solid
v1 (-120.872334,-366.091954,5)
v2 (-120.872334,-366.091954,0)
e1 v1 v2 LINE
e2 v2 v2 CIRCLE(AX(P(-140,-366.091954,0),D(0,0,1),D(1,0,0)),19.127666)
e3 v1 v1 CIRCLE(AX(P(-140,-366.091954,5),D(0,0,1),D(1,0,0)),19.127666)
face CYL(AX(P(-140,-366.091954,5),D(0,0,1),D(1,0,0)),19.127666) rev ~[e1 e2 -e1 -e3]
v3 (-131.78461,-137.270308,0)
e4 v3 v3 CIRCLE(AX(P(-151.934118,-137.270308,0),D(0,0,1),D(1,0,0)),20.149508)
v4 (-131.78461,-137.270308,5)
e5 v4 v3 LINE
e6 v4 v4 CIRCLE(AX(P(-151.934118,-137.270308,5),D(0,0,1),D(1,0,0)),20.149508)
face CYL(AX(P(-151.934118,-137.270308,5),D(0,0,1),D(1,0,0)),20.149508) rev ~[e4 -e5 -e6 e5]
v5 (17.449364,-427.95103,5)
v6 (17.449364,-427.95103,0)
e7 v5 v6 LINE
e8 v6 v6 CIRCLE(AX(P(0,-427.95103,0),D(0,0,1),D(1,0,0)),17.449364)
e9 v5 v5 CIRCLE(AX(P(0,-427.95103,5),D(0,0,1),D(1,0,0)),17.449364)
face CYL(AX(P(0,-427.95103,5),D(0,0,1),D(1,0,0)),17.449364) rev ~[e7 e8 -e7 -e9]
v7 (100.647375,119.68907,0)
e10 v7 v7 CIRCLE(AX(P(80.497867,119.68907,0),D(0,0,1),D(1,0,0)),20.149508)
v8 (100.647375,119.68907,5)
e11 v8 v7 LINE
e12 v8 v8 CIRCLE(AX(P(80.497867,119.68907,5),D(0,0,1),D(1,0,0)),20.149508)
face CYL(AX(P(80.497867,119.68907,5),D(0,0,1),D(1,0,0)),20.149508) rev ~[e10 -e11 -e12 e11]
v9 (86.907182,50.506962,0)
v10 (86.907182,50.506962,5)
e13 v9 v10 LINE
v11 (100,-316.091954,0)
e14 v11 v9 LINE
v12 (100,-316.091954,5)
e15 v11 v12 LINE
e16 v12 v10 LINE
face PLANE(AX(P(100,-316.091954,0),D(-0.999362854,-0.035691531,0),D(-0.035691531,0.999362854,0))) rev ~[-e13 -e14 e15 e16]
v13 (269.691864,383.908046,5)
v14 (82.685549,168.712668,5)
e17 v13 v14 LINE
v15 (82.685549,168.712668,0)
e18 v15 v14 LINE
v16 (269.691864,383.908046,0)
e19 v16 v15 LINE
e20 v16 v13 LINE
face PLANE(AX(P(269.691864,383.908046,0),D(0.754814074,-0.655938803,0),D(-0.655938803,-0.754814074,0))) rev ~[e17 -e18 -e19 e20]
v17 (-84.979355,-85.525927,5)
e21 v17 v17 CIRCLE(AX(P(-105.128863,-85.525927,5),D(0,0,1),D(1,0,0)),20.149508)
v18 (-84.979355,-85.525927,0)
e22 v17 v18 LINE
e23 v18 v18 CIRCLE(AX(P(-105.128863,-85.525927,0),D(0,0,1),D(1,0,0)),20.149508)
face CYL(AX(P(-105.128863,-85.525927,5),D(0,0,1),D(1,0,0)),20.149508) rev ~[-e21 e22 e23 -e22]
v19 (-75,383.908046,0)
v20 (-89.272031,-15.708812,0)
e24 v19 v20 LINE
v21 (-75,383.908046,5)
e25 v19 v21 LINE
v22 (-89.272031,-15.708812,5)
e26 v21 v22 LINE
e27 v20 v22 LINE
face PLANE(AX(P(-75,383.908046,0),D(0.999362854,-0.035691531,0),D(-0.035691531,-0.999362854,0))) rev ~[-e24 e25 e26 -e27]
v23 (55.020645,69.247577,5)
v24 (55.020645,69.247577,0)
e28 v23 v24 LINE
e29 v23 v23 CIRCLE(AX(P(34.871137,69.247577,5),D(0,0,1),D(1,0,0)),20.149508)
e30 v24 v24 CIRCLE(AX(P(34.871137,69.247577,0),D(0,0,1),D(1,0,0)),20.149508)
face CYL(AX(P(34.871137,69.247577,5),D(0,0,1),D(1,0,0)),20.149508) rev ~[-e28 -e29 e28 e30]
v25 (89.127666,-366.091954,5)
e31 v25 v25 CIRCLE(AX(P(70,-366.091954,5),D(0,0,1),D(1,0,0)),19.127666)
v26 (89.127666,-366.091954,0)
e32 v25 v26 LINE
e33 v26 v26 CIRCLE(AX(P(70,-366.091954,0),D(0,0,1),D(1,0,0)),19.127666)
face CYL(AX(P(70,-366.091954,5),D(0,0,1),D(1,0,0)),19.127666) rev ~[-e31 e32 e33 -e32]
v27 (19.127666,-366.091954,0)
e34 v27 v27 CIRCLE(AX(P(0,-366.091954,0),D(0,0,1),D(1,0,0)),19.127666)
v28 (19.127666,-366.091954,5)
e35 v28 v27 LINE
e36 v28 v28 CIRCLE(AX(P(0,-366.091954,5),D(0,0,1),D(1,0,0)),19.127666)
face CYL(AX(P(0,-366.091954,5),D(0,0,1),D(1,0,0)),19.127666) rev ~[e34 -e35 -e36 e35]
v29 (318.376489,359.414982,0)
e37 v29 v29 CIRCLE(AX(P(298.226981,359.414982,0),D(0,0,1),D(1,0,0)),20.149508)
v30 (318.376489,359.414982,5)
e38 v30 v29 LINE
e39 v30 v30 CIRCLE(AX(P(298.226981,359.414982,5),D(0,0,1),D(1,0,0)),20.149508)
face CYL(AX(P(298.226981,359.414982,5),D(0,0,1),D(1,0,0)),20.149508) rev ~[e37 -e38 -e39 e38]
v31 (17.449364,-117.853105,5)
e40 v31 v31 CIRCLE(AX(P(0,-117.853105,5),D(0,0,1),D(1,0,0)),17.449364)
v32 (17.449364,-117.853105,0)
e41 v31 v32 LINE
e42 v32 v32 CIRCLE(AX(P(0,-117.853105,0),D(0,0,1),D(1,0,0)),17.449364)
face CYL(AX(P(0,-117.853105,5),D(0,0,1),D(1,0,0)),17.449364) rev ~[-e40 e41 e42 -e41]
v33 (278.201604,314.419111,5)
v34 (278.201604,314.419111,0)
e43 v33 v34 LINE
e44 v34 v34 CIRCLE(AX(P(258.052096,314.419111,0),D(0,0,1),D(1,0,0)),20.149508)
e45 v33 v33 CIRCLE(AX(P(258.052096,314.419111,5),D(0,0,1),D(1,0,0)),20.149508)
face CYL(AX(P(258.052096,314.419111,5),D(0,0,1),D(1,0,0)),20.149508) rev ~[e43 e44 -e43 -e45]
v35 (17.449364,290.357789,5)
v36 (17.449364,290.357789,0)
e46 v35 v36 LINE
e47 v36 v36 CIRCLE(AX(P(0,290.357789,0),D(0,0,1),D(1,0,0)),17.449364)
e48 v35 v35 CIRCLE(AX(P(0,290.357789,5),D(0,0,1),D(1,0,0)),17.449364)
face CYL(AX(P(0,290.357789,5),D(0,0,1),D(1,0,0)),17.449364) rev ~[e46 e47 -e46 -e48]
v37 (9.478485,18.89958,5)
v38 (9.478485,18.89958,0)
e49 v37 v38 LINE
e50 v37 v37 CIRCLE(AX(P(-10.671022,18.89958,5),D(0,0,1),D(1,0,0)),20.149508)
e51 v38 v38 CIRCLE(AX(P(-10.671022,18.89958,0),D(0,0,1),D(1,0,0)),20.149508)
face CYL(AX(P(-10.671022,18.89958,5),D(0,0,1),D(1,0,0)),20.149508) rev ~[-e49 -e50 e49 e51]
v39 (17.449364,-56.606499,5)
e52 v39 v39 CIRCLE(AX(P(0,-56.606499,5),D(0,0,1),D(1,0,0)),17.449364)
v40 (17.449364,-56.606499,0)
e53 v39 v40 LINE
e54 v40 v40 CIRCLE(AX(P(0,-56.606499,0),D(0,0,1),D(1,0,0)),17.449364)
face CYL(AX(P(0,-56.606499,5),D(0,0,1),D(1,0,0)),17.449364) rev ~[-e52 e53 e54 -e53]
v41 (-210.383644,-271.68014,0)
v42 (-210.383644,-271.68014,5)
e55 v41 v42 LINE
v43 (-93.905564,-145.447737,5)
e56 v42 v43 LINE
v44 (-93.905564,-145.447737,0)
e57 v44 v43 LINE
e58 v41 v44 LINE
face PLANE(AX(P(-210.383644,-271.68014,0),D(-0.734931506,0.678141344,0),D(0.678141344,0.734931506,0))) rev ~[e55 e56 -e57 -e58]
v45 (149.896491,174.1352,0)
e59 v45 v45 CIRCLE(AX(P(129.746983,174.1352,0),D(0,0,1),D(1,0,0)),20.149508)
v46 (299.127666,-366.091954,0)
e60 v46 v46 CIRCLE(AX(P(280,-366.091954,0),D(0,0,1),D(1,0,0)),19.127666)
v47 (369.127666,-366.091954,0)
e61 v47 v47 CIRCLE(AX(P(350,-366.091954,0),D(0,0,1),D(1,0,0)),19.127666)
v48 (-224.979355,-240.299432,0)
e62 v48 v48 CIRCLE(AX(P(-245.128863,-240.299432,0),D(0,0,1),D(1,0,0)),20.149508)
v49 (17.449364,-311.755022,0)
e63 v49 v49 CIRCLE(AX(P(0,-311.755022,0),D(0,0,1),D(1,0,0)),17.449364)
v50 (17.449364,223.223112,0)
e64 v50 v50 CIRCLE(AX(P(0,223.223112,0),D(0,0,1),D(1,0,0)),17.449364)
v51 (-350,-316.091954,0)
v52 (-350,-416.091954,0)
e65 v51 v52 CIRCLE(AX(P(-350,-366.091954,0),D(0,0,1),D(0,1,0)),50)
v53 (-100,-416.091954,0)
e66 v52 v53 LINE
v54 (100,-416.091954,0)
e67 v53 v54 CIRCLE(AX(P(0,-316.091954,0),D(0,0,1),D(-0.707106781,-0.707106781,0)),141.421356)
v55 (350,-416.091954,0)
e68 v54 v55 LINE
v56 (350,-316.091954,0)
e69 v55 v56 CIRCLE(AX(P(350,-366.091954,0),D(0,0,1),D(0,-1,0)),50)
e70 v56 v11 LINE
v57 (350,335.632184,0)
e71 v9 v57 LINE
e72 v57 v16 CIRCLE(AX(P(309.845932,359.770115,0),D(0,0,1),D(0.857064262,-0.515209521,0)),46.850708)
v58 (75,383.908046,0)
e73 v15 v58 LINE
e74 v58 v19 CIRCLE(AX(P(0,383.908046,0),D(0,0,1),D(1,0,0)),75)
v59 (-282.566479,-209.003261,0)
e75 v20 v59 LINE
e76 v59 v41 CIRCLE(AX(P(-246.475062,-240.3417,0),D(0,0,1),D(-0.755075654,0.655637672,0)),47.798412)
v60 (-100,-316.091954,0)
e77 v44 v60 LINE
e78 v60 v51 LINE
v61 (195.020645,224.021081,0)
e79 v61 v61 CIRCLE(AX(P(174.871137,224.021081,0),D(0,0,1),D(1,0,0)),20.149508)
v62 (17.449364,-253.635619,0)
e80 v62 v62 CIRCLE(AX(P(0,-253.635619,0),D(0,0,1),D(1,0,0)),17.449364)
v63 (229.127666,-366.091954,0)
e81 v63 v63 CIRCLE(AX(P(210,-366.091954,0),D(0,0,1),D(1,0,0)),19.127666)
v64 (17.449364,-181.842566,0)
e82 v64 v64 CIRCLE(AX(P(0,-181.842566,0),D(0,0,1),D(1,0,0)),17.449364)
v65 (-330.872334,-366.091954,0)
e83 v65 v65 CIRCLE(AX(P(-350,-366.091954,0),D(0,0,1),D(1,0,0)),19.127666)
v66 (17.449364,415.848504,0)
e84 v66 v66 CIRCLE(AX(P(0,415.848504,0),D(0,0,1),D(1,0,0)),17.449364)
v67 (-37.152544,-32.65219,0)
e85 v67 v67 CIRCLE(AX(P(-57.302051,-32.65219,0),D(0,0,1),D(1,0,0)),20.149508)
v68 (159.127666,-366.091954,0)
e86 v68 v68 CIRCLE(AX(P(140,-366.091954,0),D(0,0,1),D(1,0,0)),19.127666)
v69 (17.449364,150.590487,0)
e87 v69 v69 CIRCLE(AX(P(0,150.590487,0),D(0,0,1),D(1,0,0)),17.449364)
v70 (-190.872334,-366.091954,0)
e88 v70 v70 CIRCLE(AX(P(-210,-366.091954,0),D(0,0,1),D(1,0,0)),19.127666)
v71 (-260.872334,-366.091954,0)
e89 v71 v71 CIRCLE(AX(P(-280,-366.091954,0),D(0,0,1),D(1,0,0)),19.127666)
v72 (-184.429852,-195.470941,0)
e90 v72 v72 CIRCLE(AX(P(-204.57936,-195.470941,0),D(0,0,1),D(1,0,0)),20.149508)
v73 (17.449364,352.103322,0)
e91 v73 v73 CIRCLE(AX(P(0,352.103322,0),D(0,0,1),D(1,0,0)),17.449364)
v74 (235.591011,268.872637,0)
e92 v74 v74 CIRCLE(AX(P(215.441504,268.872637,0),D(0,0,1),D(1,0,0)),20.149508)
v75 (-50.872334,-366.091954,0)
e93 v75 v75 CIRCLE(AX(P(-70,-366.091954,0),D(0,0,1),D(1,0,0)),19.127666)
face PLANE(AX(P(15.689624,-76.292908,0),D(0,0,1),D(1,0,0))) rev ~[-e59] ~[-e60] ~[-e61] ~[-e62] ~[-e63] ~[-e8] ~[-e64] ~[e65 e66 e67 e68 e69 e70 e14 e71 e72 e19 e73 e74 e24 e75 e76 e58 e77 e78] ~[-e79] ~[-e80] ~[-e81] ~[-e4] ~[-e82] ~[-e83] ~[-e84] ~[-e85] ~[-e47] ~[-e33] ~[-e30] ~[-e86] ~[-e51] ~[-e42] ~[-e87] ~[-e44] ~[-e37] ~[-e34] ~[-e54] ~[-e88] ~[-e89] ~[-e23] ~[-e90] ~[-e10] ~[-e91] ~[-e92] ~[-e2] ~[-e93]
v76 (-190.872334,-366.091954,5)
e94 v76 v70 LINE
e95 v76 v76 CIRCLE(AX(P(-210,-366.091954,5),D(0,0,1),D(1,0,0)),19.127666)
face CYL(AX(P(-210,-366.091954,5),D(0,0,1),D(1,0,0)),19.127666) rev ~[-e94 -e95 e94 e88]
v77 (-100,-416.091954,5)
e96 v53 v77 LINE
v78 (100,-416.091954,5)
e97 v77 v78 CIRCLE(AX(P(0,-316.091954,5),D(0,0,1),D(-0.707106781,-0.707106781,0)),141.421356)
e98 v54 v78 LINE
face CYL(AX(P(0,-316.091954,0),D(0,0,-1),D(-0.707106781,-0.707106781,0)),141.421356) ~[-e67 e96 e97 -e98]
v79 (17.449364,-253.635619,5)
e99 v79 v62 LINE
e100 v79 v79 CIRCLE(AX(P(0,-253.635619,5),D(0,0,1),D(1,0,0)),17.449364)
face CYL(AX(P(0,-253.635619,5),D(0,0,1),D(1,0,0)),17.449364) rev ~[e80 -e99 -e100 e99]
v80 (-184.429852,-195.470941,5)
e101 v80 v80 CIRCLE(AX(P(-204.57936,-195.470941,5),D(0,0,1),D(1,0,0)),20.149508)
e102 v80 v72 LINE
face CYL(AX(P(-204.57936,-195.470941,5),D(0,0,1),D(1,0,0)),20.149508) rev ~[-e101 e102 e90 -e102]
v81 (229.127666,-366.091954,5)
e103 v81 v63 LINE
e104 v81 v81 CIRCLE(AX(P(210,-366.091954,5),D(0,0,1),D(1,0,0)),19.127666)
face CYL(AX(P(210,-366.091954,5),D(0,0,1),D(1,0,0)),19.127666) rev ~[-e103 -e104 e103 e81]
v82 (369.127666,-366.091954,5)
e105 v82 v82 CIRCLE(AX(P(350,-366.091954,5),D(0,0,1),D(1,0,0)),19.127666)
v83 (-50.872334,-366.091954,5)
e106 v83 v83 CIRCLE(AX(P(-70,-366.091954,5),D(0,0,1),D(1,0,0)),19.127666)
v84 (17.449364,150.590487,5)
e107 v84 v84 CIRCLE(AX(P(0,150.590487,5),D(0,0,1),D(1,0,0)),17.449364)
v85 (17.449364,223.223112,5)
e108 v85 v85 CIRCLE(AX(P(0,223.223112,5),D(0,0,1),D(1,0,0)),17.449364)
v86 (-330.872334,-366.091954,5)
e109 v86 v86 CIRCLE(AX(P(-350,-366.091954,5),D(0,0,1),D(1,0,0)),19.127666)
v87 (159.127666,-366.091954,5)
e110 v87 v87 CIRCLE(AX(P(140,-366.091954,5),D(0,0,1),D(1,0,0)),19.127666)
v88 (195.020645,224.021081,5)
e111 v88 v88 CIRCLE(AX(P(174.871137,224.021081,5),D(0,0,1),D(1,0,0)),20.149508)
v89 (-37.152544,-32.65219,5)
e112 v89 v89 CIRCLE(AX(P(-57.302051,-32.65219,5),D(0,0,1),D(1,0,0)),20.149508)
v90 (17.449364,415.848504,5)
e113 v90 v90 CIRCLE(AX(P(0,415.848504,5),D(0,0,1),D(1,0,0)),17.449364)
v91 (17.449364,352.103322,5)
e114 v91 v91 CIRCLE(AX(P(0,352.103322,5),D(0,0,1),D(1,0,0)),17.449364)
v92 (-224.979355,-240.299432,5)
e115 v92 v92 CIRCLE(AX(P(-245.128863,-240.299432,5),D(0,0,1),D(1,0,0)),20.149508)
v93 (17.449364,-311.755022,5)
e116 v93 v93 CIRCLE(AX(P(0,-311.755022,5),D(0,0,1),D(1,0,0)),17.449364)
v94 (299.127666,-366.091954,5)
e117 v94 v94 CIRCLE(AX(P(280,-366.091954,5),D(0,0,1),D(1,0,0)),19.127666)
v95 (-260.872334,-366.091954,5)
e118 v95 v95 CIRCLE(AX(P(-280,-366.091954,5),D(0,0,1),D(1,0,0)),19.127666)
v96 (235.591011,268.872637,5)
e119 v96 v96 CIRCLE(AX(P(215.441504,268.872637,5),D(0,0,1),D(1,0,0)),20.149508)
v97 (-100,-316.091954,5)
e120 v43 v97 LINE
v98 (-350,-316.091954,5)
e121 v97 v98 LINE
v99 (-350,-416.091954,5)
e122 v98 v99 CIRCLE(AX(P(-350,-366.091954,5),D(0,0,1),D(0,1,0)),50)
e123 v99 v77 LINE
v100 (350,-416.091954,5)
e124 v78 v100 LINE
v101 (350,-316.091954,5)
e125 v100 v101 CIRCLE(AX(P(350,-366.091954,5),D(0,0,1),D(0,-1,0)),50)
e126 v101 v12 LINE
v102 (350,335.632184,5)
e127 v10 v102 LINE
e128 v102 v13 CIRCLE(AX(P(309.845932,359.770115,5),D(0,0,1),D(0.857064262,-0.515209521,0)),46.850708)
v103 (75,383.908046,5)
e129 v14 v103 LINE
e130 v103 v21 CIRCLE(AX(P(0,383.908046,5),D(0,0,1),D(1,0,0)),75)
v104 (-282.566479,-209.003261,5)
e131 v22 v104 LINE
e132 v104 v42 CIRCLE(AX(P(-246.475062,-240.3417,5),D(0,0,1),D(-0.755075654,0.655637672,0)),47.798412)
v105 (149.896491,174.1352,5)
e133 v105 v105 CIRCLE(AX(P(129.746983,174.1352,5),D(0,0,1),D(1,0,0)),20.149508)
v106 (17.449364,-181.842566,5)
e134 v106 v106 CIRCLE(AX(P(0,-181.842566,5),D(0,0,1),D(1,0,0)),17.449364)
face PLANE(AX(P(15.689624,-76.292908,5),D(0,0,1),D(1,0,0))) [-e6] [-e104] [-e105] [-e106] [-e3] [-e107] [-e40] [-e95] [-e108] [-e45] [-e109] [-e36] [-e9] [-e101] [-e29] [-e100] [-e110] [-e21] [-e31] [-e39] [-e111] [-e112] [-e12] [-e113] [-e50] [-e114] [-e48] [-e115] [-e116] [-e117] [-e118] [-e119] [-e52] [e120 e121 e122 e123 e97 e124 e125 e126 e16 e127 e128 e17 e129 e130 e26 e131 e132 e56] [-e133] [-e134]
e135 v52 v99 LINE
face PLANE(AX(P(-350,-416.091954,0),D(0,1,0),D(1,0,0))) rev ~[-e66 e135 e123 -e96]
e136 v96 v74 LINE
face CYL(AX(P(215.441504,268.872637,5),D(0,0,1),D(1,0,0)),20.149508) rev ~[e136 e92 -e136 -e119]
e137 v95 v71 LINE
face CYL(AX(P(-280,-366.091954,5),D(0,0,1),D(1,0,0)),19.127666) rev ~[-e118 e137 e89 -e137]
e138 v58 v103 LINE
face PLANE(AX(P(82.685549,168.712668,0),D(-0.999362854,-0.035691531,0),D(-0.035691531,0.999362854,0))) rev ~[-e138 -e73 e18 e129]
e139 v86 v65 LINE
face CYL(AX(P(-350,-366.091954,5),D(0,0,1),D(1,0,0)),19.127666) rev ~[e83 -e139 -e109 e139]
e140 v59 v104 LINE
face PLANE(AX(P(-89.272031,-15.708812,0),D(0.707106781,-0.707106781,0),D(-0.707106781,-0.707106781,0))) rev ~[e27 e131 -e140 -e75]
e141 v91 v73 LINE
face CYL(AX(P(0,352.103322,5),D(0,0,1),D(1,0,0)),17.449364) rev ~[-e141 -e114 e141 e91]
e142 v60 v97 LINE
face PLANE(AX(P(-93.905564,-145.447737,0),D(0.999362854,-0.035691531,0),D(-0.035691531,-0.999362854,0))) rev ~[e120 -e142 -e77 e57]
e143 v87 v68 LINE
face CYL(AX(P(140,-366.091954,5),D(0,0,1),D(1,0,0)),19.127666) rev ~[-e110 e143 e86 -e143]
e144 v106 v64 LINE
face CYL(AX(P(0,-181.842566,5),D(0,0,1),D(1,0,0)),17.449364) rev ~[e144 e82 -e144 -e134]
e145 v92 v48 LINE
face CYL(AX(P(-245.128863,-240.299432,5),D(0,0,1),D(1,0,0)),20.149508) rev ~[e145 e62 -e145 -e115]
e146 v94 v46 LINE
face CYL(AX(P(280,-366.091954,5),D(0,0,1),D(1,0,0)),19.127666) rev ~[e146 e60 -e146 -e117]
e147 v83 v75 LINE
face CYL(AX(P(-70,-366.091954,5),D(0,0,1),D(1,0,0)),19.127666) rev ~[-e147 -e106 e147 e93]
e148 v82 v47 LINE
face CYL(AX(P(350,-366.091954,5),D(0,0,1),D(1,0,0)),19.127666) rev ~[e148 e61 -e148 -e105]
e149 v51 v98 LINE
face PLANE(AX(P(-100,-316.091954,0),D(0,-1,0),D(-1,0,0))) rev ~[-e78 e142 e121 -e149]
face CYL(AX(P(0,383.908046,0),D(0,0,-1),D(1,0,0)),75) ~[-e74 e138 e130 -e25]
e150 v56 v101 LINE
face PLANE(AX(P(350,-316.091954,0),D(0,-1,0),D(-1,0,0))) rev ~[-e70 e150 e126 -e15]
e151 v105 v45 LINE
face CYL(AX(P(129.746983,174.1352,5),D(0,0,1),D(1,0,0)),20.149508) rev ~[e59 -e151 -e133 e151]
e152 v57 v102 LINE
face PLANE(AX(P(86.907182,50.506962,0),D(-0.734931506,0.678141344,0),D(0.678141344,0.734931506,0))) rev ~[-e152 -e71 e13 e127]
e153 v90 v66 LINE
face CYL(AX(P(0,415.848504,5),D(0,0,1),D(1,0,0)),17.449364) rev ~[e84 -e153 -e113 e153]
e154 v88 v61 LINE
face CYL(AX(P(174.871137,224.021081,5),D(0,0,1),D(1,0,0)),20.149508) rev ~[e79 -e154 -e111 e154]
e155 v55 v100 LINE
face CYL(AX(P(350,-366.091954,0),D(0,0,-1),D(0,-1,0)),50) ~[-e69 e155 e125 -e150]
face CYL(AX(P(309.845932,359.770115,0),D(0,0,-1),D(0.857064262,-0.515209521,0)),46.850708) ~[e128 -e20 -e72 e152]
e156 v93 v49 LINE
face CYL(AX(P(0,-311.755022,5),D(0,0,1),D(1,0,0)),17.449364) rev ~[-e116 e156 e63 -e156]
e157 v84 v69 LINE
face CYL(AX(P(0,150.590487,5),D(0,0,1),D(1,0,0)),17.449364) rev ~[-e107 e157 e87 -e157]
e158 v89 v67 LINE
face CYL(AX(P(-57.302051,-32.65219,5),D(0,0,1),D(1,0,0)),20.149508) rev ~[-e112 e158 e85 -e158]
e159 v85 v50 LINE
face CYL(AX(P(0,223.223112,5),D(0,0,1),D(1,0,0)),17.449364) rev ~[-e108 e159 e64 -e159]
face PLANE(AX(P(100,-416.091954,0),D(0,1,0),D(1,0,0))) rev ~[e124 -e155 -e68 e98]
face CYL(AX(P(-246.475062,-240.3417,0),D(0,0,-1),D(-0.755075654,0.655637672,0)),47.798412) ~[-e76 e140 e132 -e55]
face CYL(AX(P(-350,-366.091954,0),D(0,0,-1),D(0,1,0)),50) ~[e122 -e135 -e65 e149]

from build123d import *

# Parameters (mm, degrees)
BOSS_EXTRUDE2_DEPTH = 5
SKETCH2_R           = 19.127666072
SKETCH2_R_2         = 17.449363928
SKETCH2_R_3         = 20.149507696
CUT_EXTRUDE1_DEPTH  = 60


with BuildPart() as part:
    # Sketch1 → Boss-Extrude2 (new body)
    with BuildSketch(Plane.XY):
        with BuildLine():
            Line((-75, 383.908045977), (-89.272030651, -15.708812261))
            Line((-89.272030651, -15.708812261), (-282.566478984, -209.003260593))
            ThreePointArc((-282.566478984, -209.003260593), (-277.81350135, -276.433117622), (-210.383644321, -271.680139987))
            Line((-210.383644321, -271.680139987), (-93.90556369, -145.447737332))
            Line((-93.90556369, -145.447737332), (-100, -316.091954023))
            Line((-100, -316.091954023), (-350, -316.091954023))
            ThreePointArc((-350, -316.091954023), (-400, -366.091954023), (-350, -416.091954023))
            Line((-350, -416.091954023), (-100, -416.091954023))
            ThreePointArc((-100, -416.091954023), (0, -457.51331026), (100, -416.091954023))
            Line((100, -416.091954023), (350, -416.091954023))
            ThreePointArc((350, -416.091954023), (400, -366.091954023), (350, -316.091954023))
            Line((350, -316.091954023), (100, -316.091954023))
            Line((100, -316.091954023), (86.907181572, 50.506961966))
            Line((86.907181572, 50.506961966), (350, 335.632183908))
            ThreePointArc((350, 335.632183908), (333.983863171, 399.924182806), (269.691864273, 383.908045977))
            Line((269.691864273, 383.908045977), (82.685549205, 168.712668231))
            Line((82.685549205, 168.712668231), (75, 383.908045977))
            ThreePointArc((75, 383.908045977), (0, 458.908045977), (-75, 383.908045977))
        make_face()
    extrude(amount=BOSS_EXTRUDE2_DEPTH)

    # Sketch2 → Cut-Extrude1 (cut)
    with BuildSketch(Plane.XY.offset(5)):
        with Locations((-280, -366.091954023)):
            Circle(SKETCH2_R)
        with Locations((-210, -366.091954023)):
            Circle(SKETCH2_R)
        with Locations((-350, -366.091954023)):
            Circle(SKETCH2_R)
        with Locations((-140, -366.091954023)):
            Circle(SKETCH2_R)
        with Locations((-70, -366.091954023)):
            Circle(SKETCH2_R)
        with Locations((0, -366.091954023)):
            Circle(SKETCH2_R)
        with Locations((70, -366.091954023)):
            Circle(SKETCH2_R)
        with Locations((140, -366.091954023)):
            Circle(SKETCH2_R)
        with Locations((210, -366.091954023)):
            Circle(SKETCH2_R)
        with Locations((280, -366.091954023)):
            Circle(SKETCH2_R)
        with Locations((350, -366.091954023)):
            Circle(SKETCH2_R)
        with Locations((0, 415.848503824)):
            Circle(SKETCH2_R_2)
        with Locations((0, 352.103321769)):
            Circle(SKETCH2_R_2)
        with Locations((0, 290.357789176)):
            Circle(SKETCH2_R_2)
        with Locations((0, 223.223112333)):
            Circle(SKETCH2_R_2)
        with Locations((0, 150.590486971)):
            Circle(SKETCH2_R_2)
        with Locations((0, -56.606498774)):
            Circle(SKETCH2_R_2)
        with Locations((0, -117.853104706)):
            Circle(SKETCH2_R_2)
        with Locations((0, -181.842565513)):
            Circle(SKETCH2_R_2)
        with Locations((0, -253.635619101)):
            Circle(SKETCH2_R_2)
        with Locations((0, -311.755022078)):
            Circle(SKETCH2_R_2)
        with Locations((0, -427.95103023)):
            Circle(SKETCH2_R_2)
        with Locations((-245.128862806, -240.299431579)):
            Circle(SKETCH2_R_3)
        with Locations((-204.579359837, -195.470941049)):
            Circle(SKETCH2_R_3)
        with Locations((-151.934117667, -137.270308063)):
            Circle(SKETCH2_R_3)
        with Locations((-105.128862806, -85.525927228)):
            Circle(SKETCH2_R_3)
        with Locations((-57.302051438, -32.652190104)):
            Circle(SKETCH2_R_3)
        with Locations((-10.671022438, 18.899579681)):
            Circle(SKETCH2_R_3)
        with Locations((34.871137194, 69.247577124)):
            Circle(SKETCH2_R_3)
        with Locations((80.497867488, 119.68906955)):
            Circle(SKETCH2_R_3)
        with Locations((129.746983315, 174.135199855)):
            Circle(SKETCH2_R_3)
        with Locations((174.871137194, 224.021081476)):
            Circle(SKETCH2_R_3)
        with Locations((215.441503687, 268.872637154)):
            Circle(SKETCH2_R_3)
        with Locations((258.052096157, 314.419110743)):
            Circle(SKETCH2_R_3)
        with Locations((298.226980998, 359.414981764)):
            Circle(SKETCH2_R_3)
    extrude(amount=-CUT_EXTRUDE1_DEPTH, mode=Mode.SUBTRACT)


solid = part.part
